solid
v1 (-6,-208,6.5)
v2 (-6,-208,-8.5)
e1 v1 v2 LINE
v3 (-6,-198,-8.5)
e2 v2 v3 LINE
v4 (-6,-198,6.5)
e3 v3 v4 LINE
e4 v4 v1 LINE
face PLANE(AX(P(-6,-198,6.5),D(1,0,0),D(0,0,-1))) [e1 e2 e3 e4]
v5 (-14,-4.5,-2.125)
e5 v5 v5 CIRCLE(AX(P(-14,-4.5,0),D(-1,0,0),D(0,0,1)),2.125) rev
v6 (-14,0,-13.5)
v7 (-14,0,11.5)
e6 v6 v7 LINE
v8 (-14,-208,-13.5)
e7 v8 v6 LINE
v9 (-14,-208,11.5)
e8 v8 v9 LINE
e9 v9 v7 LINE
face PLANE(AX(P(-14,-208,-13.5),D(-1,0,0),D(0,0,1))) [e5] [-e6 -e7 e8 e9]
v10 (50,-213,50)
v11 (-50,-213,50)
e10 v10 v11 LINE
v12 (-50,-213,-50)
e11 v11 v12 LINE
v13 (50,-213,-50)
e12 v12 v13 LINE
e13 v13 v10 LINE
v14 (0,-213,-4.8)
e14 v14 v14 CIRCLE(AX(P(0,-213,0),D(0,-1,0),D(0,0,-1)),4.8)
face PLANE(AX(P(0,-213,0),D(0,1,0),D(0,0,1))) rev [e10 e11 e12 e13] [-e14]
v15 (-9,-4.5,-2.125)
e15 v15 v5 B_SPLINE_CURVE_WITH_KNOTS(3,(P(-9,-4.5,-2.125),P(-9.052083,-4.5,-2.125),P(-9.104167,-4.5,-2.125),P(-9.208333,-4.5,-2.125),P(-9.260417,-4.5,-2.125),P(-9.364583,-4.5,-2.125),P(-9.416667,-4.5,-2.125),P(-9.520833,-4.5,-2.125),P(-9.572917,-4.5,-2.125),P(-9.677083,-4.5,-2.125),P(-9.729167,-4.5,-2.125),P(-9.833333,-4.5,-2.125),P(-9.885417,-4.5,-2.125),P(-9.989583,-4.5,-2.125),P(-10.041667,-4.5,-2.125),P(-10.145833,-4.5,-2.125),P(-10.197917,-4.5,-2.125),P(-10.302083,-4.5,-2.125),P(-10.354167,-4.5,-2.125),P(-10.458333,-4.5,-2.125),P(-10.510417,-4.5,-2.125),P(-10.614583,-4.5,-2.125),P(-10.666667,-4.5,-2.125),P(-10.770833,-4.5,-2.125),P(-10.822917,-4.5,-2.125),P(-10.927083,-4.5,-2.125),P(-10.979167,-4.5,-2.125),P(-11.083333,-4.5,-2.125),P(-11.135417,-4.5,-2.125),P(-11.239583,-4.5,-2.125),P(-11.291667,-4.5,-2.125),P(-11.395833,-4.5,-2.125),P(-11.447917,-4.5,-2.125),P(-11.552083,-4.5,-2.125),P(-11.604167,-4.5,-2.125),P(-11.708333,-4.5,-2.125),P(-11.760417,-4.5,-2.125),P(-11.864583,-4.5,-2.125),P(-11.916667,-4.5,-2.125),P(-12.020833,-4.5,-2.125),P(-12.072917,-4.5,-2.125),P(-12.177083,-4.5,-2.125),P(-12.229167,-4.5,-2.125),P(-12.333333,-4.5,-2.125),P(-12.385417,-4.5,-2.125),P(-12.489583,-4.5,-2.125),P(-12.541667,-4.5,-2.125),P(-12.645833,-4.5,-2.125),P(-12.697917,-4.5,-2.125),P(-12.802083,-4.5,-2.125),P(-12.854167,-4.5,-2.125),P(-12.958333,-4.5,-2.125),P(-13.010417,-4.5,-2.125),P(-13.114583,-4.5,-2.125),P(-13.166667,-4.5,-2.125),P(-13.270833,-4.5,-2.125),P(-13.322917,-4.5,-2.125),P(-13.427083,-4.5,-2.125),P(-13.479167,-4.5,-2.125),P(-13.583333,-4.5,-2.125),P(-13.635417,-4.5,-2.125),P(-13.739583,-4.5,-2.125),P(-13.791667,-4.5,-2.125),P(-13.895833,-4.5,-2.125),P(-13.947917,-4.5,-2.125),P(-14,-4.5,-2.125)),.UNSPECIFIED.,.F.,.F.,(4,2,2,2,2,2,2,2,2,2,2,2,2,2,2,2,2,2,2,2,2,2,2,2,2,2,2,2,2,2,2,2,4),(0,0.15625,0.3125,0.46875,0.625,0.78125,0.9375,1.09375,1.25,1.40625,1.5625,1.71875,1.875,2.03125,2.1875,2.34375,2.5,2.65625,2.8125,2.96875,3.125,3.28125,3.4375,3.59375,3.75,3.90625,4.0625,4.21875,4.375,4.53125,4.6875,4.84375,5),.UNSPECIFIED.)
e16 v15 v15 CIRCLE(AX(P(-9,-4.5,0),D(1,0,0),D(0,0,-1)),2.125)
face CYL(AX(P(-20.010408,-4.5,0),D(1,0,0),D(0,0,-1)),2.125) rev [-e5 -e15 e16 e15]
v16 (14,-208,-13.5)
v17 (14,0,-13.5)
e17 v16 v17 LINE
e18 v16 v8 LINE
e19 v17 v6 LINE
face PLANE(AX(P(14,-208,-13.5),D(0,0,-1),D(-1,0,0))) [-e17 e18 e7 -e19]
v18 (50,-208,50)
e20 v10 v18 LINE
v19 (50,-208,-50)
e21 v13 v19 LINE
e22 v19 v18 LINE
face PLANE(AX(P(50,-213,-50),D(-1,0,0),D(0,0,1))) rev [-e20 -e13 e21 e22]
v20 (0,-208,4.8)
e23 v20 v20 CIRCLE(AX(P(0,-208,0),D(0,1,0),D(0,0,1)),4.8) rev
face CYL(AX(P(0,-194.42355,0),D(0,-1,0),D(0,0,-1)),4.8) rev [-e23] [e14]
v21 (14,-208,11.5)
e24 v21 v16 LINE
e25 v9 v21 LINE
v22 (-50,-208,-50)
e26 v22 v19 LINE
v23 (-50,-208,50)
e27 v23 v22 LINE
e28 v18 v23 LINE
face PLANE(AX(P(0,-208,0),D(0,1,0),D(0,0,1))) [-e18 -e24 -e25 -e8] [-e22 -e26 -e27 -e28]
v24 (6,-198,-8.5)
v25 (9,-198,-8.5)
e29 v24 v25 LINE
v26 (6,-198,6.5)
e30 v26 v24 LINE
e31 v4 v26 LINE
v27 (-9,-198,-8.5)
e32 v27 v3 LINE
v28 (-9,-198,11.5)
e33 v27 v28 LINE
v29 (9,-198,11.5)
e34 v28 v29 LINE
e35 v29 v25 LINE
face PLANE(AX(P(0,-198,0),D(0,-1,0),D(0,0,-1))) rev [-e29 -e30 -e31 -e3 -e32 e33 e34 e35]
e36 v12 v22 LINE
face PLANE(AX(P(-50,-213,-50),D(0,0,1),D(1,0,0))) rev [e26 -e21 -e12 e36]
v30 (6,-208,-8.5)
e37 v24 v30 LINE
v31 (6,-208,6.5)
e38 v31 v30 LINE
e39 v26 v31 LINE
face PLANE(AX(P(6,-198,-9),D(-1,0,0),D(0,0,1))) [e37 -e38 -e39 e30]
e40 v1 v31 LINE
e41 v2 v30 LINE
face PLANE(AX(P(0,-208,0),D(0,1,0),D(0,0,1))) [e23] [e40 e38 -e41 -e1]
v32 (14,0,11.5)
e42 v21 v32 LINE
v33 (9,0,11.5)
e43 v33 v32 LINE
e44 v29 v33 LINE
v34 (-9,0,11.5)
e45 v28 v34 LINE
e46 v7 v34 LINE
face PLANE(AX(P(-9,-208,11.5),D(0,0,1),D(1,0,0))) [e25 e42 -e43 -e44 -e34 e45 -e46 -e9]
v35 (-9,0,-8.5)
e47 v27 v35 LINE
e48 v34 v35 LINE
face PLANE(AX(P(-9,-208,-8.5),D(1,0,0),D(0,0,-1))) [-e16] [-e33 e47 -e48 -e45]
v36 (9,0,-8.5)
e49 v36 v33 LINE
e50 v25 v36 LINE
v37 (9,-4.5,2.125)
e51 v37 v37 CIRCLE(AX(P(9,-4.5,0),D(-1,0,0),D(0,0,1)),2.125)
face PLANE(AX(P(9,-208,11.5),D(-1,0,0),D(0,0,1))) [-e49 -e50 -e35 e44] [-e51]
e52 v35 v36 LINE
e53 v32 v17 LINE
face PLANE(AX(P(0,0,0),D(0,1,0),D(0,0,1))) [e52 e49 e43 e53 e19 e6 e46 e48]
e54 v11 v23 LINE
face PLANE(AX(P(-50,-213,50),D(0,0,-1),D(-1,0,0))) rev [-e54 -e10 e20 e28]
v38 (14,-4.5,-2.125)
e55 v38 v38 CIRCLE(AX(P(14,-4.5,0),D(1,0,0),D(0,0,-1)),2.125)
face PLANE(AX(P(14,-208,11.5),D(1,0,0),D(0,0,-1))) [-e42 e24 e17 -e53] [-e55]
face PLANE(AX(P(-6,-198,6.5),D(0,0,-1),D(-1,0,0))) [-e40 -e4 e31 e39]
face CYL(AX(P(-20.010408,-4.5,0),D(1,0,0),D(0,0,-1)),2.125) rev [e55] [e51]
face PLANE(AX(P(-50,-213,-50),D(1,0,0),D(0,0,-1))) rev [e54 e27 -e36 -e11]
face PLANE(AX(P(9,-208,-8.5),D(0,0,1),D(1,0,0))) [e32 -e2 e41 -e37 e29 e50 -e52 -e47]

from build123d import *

# Parameters (mm, degrees)
BOSS_EXTRUDE2_DEPTH = 208
CUT_EXTRUDE1_REACH  = 212.31
SKETCH5_R           = 2.125
SKETCH6_W           = 100
SKETCH6_H           = 100
BOSS_EXTRUDE5_DEPTH = 5
CUT_EXTRUDE2_REACH  = 221.691
SKETCH7_R           = 4.5
SKETCH8_W           = 18
SKETCH8_H           = 23
SKETCH8_W_2         = 12
SKETCH8_H_2         = 15.5
BOSS_EXTRUDE6_DEPTH = 10
CUT_EXTRUDE7_START  = -5
SKETCH10_R          = 4.8
SKETCH10_R_2        = 4.5
CUT_EXTRUDE7_DEPTH  = 5


with BuildPart() as part:
    # Sketch3 → Boss-Extrude2 (new body)
    with BuildSketch(Plane(origin=(0, 0, 0), x_dir=(1, 0, 0), z_dir=(0, 1, 0))):
        Polygon((9, 8.5), (-9, 8.5), (-9, -11.5), (-14, -11.5), (-14, 13.5), (14, 13.5), (14, -11.5), (9, -11.5), align=None)
    extrude(amount=-BOSS_EXTRUDE2_DEPTH)

    # Cut-Extrude1: up to this face of the body (flat: up to its plane)
    cut_extrude1_end = Plane(part.part.faces().sort_by_distance((-14, -104, -1))[0])
    # Sketch5 → Cut-Extrude1 (cut, up to the picked face)
    with BuildSketch(Plane(origin=(14, 0, 0), x_dir=(0, 0, -1), z_dir=(1, 0, 0)), mode=Mode.PRIVATE) as cut_extrude1_sk1:
        with Locations((0, -4.5)):
            Circle(SKETCH5_R)
    cut_extrude1_tool1 = split(extrude(cut_extrude1_sk1.sketch, amount=-CUT_EXTRUDE1_REACH, mode=Mode.PRIVATE), bisect_by=cut_extrude1_end, keep=Keep.BOTH, mode=Mode.PRIVATE)
    add(cut_extrude1_tool1.solids().sort_by(Axis((14, -4.5, 0), (-1, 0, 0)))[0], mode=Mode.SUBTRACT)

    # Sketch6 → Boss-Extrude5 (add)
    with BuildSketch(Plane.XZ.offset(208)):
        Rectangle(SKETCH6_W, SKETCH6_H)
    extrude(amount=BOSS_EXTRUDE5_DEPTH)

    # Sketch7 → Cut-Extrude2 (cut, up to next)
    with BuildSketch(Plane(origin=(0, -208, 0), x_dir=(1, 0, 0), z_dir=(0, 1, 0)), mode=Mode.PRIVATE) as cut_extrude2_sk1:
        with Locations(Location((0, 0, 0), (0, 0, 270))):
            Circle(SKETCH7_R)
    cut_extrude2_tool1 = extrude(cut_extrude2_sk1.sketch, amount=-CUT_EXTRUDE2_REACH, mode=Mode.PRIVATE) & part.part
    add(cut_extrude2_tool1.solids().sort_by_distance((0, -208, 0))[0], mode=Mode.SUBTRACT)

    # Sketch8 → Boss-Extrude6 (add)
    with BuildSketch(Plane(origin=(0, -208, 0), x_dir=(1, 0, 0), z_dir=(0, 1, 0))):
        Rectangle(SKETCH8_W, SKETCH8_H)
        with Locations((0, 1.25)):
            Rectangle(SKETCH8_W_2, SKETCH8_H_2, mode=Mode.SUBTRACT)
    extrude(amount=BOSS_EXTRUDE6_DEPTH)

    # Sketch10 → Cut-Extrude7 (cut)
    with BuildSketch(Plane.XZ.offset(213).offset(CUT_EXTRUDE7_START)):
        with Locations(Location((0, 0, 0), (0, 0, 270))):
            Circle(SKETCH10_R)
        Circle(SKETCH10_R_2, mode=Mode.SUBTRACT)
    extrude(amount=CUT_EXTRUDE7_DEPTH, mode=Mode.SUBTRACT)


solid = part.part
